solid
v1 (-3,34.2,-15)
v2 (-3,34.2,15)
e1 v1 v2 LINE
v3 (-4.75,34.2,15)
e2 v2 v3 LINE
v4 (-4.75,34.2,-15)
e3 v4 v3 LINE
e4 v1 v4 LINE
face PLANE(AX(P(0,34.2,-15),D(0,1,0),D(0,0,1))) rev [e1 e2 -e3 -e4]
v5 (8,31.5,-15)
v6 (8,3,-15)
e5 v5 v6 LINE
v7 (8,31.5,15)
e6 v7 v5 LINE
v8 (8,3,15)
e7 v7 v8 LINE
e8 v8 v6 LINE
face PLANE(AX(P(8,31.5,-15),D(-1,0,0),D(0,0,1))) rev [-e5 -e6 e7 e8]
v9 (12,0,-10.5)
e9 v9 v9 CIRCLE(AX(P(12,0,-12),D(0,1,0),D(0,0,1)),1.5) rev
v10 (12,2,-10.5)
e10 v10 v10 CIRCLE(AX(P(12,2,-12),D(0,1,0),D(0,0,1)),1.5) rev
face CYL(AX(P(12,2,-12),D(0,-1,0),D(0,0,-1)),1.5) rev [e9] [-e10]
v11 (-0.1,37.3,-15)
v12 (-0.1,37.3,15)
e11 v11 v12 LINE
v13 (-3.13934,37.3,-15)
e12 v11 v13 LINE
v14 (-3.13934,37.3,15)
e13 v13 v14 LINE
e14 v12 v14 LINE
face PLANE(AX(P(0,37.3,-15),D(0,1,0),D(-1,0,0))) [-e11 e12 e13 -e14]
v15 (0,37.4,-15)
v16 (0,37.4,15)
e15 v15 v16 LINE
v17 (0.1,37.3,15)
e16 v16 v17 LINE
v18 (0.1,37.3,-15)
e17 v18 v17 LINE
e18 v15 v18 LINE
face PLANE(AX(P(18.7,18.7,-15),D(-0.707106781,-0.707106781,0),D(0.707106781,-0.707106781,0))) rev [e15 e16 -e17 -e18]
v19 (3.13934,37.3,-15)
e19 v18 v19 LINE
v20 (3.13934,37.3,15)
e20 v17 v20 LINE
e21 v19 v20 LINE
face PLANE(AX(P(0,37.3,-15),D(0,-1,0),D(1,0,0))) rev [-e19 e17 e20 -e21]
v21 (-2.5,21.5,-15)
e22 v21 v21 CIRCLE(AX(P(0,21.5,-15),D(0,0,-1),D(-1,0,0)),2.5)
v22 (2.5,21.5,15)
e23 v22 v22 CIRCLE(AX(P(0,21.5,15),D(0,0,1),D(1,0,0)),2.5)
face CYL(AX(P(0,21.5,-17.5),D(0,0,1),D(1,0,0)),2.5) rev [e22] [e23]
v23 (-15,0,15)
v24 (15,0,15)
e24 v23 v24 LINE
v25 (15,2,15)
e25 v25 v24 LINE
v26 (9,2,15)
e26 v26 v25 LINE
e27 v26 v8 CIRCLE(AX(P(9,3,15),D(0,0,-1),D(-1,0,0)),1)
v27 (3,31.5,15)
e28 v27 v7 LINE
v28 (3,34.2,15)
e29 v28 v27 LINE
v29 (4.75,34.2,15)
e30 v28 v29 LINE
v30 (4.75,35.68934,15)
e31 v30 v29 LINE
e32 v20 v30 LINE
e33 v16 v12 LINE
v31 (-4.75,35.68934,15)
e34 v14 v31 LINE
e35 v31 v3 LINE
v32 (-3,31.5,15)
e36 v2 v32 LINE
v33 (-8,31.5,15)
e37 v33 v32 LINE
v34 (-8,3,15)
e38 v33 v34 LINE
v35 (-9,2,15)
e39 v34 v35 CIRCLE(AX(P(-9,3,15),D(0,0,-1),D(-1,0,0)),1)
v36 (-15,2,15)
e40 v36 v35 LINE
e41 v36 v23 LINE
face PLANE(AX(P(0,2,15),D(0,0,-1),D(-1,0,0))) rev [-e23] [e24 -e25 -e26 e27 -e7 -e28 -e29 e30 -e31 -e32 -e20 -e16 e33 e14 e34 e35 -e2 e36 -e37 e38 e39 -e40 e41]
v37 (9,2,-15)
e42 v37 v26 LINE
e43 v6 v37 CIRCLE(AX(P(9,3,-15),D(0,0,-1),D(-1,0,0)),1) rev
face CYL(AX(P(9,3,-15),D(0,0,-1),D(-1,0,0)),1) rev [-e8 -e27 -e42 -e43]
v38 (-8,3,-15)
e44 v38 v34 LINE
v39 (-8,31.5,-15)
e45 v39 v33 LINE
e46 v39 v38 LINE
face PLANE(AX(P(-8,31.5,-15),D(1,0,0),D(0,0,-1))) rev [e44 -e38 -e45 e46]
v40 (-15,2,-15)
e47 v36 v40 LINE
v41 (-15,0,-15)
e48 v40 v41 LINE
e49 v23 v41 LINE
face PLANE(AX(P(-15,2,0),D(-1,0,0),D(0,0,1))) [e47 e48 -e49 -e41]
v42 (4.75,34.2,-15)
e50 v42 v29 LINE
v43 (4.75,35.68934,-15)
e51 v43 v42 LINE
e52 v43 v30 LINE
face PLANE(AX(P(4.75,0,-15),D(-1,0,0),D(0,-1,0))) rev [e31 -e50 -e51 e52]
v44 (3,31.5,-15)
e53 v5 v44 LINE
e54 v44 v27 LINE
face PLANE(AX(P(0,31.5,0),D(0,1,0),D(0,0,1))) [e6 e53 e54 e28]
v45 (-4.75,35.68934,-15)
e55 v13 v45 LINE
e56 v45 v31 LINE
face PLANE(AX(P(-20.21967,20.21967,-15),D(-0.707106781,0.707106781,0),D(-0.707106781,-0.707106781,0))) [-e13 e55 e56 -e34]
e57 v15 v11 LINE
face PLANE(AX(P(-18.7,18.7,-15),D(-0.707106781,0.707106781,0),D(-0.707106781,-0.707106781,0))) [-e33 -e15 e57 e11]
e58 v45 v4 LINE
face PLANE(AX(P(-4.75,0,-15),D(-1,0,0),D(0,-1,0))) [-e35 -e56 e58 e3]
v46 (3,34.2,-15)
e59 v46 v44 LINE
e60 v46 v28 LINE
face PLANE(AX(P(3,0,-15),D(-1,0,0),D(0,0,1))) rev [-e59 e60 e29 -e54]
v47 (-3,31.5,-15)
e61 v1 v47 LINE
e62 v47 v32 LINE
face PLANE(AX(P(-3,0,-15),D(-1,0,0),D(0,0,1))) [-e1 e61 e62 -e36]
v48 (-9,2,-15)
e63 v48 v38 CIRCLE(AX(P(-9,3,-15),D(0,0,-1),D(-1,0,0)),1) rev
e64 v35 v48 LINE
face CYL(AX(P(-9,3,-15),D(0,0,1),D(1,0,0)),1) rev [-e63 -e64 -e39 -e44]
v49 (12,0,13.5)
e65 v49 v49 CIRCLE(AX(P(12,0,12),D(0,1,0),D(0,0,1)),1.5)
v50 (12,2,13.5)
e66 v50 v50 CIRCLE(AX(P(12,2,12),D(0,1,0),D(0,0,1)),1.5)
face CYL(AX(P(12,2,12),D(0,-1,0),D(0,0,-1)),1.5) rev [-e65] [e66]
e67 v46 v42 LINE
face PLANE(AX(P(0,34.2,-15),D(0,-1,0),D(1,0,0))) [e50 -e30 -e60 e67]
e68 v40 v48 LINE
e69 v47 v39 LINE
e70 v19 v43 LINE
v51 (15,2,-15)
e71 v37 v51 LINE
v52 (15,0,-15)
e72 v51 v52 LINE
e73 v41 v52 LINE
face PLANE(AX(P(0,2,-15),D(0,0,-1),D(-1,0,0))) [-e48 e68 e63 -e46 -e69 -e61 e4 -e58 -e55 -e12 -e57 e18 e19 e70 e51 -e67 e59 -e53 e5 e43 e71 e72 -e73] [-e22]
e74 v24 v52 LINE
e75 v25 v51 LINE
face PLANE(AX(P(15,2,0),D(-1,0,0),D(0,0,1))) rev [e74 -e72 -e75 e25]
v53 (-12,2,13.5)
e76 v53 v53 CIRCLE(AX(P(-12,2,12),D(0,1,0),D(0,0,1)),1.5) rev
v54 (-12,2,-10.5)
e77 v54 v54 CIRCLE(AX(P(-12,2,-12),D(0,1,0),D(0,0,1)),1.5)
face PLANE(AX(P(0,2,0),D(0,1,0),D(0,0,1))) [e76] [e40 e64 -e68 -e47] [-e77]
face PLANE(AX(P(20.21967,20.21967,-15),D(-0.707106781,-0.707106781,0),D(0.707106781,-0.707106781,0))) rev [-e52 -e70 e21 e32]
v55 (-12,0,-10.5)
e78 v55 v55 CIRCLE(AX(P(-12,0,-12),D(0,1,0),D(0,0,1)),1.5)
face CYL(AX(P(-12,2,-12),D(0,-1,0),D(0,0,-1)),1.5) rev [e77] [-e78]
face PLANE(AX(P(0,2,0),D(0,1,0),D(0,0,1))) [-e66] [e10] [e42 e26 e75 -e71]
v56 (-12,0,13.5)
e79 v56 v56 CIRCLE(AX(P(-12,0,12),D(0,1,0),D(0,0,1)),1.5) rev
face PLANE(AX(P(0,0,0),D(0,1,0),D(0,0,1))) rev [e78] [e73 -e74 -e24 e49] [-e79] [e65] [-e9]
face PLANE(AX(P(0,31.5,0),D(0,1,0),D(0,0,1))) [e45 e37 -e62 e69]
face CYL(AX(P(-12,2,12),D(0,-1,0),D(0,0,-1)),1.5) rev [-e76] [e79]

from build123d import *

# Parameters (mm, degrees)
SKETCH1_R           = 1.5
BOSS_EXTRUDE1_DEPTH = 2
SKETCH10_W          = 16
SKETCH10_H          = 30
BOSS_EXTRUDE2_DEPTH = 29.5
FILLET1_R           = 1
SKETCH11_R          = 2.5
CUT_EXTRUDE1_DEPTH  = 32.5
BOSS_EXTRUDE4_DEPTH = 30


with BuildPart() as part:
    # Sketch1 → Boss-Extrude1 (new body)
    # profile 1 of 5: a face of its own
    with BuildSketch(Plane(origin=(0, 0, 0), x_dir=(1, 0, 0), z_dir=(0, 1, 0))):
        with BuildLine():
            Line((-15, -7), (-15, -15))
            Line((-15, -15), (-7, -15))
            ThreePointArc((-7, -15), (-9.343145751, -9.343145751), (-15, -7))
        make_face()
        with Locations(Location((-12, -12, 0), (0, 0, 270))):
            Circle(SKETCH1_R, mode=Mode.SUBTRACT)
    # profile 2 of 5: a face of its own
    with BuildSketch(Plane(origin=(0, 0, 0), x_dir=(1, 0, 0), z_dir=(0, 1, 0))):
        with BuildLine():
            ThreePointArc((15, -7), (9.343145751, -9.343145751), (7, -15))
            Line((7, -15), (15, -15))
            Line((15, -15), (15, -7))
        make_face()
        with Locations(Location((12, -12, 0), (0, 0, 270))):
            Circle(SKETCH1_R, mode=Mode.SUBTRACT)
    # profile 3 of 5: a face of its own
    with BuildSketch(Plane(origin=(0, 0, 0), x_dir=(1, 0, 0), z_dir=(0, 1, 0))):
        with BuildLine():
            ThreePointArc((-15, -7), (-9.343145751, -9.343145751), (-7, -15))
            Line((-7, -15), (7, -15))
            ThreePointArc((7, -15), (9.343145751, -9.343145751), (15, -7))
            Line((15, -7), (15, 7))
            ThreePointArc((15, 7), (9.343145751, 9.343145751), (7, 15))
            Line((7, 15), (-7, 15))
            ThreePointArc((-7, 15), (-9.343145751, 9.343145751), (-15, 7))
            Line((-15, 7), (-15, -7))
        make_face()
    # profile 4 of 5: a face of its own
    with BuildSketch(Plane(origin=(0, 0, 0), x_dir=(1, 0, 0), z_dir=(0, 1, 0))):
        with BuildLine():
            ThreePointArc((7, 15), (9.343145751, 9.343145751), (15, 7))
            Line((15, 7), (15, 15))
            Line((15, 15), (7, 15))
        make_face()
        with Locations(Location((12, 12, 0), (0, 0, 270))):
            Circle(SKETCH1_R, mode=Mode.SUBTRACT)
    # profile 5 of 5: a face of its own
    with BuildSketch(Plane(origin=(0, 0, 0), x_dir=(1, 0, 0), z_dir=(0, 1, 0))):
        with BuildLine():
            Line((-15, 15), (-15, 7))
            ThreePointArc((-15, 7), (-9.343145751, 9.343145751), (-7, 15))
            Line((-7, 15), (-15, 15))
        make_face()
        with Locations(Location((-12, 12, 0), (0, 0, 270))):
            Circle(SKETCH1_R, mode=Mode.SUBTRACT)
    extrude(amount=BOSS_EXTRUDE1_DEPTH)

    # Sketch10 → Boss-Extrude2 (add)
    with BuildSketch(Plane(origin=(0, 2, 0), x_dir=(1, 0, 0), z_dir=(0, 1, 0))):
        Rectangle(SKETCH10_W, SKETCH10_H)
    extrude(amount=BOSS_EXTRUDE2_DEPTH)

    # Fillet1
    fillet1_edges = [part.edges().sort_by_distance(p)[0] for p in [
        (-8, 2, 0),
        (8, 2, 0),
    ]]
    fillet(fillet1_edges, radius=FILLET1_R)

    # Sketch11 → Cut-Extrude1 (cut)
    with BuildSketch(Plane.XY.offset(15)):
        with Locations((0, 21.5)):
            Circle(SKETCH11_R)
    extrude(amount=-CUT_EXTRUDE1_DEPTH, mode=Mode.SUBTRACT)

    # Sketch13 → Boss-Extrude4 (add)
    with BuildSketch(Plane.XY.offset(15)):
        Polygon((-4.75, 34.2), (-3, 34.2), (-3, 33.3), (-3, 33.25), (-3, 31.5), (3, 31.5), (3, 33.25), (3, 33.3), (3, 34.2), (4.75, 34.2), (4.75, 35.689339828), (3.139339828, 37.3), (0.1, 37.3), (0, 37.4), (-0.1, 37.3), (-3.139339828, 37.3), (-4.75, 35.689339828), align=None)
    extrude(amount=-BOSS_EXTRUDE4_DEPTH)


solid = part.part
